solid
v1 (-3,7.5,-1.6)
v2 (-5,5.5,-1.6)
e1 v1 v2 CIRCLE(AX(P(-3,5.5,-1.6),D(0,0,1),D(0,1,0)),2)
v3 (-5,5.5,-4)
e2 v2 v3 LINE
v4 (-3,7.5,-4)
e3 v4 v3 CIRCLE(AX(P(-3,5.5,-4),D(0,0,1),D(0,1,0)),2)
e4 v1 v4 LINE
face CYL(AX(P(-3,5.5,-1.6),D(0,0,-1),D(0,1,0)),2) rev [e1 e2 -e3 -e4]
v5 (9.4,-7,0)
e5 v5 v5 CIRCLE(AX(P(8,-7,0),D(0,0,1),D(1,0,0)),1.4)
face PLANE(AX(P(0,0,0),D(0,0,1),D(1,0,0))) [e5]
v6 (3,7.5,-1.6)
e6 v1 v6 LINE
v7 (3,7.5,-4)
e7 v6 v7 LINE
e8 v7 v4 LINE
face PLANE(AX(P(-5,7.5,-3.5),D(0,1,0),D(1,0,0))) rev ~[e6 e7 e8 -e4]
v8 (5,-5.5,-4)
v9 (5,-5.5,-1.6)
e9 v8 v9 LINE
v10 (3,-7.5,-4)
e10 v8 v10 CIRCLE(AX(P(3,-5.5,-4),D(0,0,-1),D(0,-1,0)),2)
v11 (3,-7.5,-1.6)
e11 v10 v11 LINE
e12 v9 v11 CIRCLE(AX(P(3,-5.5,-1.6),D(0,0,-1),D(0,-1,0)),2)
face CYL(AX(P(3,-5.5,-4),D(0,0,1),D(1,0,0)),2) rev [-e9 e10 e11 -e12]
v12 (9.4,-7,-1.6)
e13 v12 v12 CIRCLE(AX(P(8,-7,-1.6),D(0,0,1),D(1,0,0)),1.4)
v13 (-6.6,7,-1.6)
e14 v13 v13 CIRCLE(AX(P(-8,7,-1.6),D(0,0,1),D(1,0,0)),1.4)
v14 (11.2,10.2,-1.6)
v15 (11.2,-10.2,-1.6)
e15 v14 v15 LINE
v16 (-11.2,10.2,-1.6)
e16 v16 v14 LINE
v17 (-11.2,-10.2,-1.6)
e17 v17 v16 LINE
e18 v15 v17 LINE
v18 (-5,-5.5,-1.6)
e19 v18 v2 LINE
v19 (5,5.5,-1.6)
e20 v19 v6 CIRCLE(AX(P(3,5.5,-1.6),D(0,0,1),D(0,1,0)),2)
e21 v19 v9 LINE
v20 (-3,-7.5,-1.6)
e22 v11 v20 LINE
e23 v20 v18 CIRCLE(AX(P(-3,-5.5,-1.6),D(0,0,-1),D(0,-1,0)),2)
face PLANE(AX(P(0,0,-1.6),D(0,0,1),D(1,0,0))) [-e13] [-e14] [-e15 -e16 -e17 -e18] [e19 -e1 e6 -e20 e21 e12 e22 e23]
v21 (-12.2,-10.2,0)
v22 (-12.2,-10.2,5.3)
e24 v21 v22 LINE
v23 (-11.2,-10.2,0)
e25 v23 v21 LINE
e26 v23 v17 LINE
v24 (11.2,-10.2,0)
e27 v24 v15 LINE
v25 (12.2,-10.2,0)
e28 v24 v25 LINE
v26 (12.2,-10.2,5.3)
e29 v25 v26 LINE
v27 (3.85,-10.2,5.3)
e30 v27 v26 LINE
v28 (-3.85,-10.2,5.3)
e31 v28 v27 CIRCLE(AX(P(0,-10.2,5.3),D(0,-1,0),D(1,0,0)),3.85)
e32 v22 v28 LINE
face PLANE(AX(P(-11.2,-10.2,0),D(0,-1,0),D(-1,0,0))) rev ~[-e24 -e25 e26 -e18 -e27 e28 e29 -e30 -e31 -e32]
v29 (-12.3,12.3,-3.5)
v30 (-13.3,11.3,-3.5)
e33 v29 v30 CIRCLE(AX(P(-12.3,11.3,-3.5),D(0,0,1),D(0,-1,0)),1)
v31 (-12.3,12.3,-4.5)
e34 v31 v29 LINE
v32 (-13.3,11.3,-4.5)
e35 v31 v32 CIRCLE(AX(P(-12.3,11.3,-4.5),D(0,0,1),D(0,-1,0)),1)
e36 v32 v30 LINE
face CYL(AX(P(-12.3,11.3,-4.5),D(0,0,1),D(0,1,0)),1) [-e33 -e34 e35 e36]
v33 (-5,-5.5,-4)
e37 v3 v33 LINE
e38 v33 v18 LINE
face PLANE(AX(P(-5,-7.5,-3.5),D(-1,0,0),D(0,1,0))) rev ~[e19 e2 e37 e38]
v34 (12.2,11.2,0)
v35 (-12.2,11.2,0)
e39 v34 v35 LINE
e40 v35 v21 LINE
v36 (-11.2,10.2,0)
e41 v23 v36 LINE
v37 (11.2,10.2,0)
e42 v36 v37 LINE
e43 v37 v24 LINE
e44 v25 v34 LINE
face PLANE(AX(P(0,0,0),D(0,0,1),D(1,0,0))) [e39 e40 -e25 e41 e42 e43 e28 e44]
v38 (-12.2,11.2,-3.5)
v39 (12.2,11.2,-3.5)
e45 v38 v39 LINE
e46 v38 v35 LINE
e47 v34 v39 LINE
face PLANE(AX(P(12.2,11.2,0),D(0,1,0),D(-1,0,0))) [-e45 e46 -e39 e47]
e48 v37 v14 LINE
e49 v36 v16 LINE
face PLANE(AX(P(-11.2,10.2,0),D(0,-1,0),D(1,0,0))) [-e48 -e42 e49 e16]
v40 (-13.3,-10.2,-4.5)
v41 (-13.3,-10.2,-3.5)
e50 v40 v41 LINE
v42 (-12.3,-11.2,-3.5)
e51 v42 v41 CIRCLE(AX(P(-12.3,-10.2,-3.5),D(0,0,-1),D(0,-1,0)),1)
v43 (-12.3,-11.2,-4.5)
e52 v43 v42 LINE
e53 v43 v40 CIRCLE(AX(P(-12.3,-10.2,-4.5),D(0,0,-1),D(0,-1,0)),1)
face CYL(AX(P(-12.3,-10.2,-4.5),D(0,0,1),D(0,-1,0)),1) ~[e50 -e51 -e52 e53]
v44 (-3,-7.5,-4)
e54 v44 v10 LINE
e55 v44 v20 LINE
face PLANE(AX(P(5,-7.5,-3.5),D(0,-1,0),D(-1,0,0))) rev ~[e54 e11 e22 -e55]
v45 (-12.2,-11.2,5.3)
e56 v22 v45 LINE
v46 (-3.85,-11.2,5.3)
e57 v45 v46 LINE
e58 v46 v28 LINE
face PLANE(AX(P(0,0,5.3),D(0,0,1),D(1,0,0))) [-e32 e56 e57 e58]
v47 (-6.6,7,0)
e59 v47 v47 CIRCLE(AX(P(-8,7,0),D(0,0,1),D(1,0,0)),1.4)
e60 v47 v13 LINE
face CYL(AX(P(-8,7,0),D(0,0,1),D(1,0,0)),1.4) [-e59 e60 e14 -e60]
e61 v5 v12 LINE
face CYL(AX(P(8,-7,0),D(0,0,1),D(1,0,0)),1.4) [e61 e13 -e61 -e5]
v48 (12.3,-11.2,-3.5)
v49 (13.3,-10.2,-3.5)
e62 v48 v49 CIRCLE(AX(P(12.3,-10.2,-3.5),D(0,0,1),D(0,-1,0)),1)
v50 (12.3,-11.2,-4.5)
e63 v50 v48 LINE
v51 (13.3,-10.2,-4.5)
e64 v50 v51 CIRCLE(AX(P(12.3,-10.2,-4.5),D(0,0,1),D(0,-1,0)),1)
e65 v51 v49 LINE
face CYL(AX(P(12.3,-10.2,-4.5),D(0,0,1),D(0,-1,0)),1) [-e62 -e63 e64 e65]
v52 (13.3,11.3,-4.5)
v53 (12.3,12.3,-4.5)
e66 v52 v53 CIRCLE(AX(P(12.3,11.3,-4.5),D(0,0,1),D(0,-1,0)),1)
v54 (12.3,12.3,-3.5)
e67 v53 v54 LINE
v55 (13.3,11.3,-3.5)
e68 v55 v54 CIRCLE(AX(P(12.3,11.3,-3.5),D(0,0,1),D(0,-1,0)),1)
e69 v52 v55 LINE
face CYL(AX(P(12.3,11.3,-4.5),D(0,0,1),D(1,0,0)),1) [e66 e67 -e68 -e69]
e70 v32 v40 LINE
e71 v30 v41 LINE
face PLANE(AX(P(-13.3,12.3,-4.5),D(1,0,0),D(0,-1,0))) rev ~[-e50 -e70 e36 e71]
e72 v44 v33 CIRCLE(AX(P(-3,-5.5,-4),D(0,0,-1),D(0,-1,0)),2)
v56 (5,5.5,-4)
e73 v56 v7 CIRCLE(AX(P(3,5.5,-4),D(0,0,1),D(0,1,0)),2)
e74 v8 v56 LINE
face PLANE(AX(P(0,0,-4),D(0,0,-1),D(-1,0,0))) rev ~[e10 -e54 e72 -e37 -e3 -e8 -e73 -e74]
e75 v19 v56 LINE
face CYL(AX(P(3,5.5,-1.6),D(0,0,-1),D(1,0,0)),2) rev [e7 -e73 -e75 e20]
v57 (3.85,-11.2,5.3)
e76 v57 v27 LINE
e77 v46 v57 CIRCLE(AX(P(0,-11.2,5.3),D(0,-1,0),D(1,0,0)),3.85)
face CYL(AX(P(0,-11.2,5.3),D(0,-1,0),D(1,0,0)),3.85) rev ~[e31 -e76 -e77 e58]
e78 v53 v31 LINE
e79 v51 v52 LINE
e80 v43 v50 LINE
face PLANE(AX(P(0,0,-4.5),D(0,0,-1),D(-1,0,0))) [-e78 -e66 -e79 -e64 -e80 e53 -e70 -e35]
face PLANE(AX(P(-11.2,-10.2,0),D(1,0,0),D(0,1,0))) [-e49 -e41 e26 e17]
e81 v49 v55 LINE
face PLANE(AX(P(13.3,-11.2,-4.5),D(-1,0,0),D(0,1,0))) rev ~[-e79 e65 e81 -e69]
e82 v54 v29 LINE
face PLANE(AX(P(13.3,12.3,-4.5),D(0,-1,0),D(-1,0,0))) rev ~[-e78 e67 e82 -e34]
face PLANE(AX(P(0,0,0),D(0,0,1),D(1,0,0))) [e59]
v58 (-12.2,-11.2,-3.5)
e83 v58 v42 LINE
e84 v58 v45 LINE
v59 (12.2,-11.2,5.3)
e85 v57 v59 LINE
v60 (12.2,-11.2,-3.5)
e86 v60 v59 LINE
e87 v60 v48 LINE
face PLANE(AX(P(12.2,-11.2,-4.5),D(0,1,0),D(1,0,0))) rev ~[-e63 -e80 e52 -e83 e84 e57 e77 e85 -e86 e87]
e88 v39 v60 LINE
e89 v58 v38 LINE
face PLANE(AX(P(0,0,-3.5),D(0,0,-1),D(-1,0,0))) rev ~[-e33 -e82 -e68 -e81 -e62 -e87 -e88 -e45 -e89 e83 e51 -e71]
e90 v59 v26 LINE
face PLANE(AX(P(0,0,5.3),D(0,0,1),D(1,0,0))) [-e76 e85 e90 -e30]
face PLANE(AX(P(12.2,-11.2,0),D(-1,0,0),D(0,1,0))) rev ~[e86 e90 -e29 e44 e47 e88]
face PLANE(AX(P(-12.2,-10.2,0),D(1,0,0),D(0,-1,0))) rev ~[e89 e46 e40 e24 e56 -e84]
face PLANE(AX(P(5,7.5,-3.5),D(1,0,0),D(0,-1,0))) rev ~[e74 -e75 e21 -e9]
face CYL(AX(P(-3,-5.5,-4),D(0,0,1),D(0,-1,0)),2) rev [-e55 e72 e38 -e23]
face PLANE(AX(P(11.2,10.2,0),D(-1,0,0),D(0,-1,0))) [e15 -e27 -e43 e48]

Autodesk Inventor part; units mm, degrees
ref_plane "YZ Plane" through (0, 0, 0) normal (1, 0, 0) x (0, 1, 0)
ref_plane "XZ Plane" through (0, 0, 0) normal (0, 1, 0) x (-1, 0, 0)
ref_plane "XY Plane" through (0, 0, 0) normal (0, 0, 1) x (1, 0, 0)
sketch "Sketch1" plane through (0, 0, 0) normal (0, 0, 1) x (1, 0, 0)
  circle A0 centre (8, -7) radius 1.6 projected
  circle A1 centre (-8, 7) radius 1.6 projected
  circle A2 centre (-2.5, 4.7) radius 0.8 projected
  circle A3 centre (2.5001, 4.7) radius 0.8 projected
  line L0 (-11, 10) -> (-11, -10) projected
  line L1 (-11, -10) -> (11, -10) projected
  line L2 (11, -10) -> (11, 10) projected
  line L3 (11, 10) -> (-11, 10) projected
  line L4 (-11.2, -10.2) -> (-11.2, 10.2)
  line L5 (-11.2, 10.2) -> (11.2, 10.2)
  line L6 (11.2, 10.2) -> (11.2, -10.2)
  line L7 (11.2, -10.2) -> (-11.2, -10.2)
  circle A4 centre (-8, 7) radius 1.4
  circle A5 centre (8, -7) radius 1.4
  line L8 (-12.2, 11.2) -> (-12.2, -11.2)
  line L9 (-12.2, -11.2) -> (12.2, -11.2)
  line L10 (12.2, -11.2) -> (12.2, 11.2)
  line L11 (12.2, 11.2) -> (-12.2, 11.2)
  circle A6 centre (2.54, -5.9) radius 0.4 projected
  circle A7 centre (-2.54, -5.9) radius 0.4 projected
  circle A8 centre (0, -5.9) radius 0.4 projected
  circle A9 centre (3.5, -7.425) radius 0.5 projected
  circle A10 centre (-3.5, -7.425) radius 0.5 projected
  circle A11 centre (0.6, -3.225) radius 0.3 projected
  circle A12 centre (0.6, -4.425) radius 0.3 projected
  circle A13 centre (-0.6, -3.225) radius 0.3 projected
  circle A14 centre (-0.6, -4.425) radius 0.3 projected
  point P0 (0, 0)
  dimension "d6" = 15
  dimension "d7" = 10
  dimension "d0" = 0.2
  dimension "d1" = 0.2
  dimension "d2" = 0.2
  dimension "d3" = 1
extrude "Extrusion1" add sketch "Sketch1" against normal blind 4 contours A4 | A5 | L11 L10 L9 L8
sketch "Sketch2" plane through (0, 0, -4) normal (0, 0, -1) x (-1, 0, 0)
  line L0 (-12.2, -11.2) -> (12.2, -11.2) projected
  line L1 (12.2, -11.2) -> (12.2, 11.2) projected
  line L2 (12.2, 11.2) -> (-12.2, 11.2) projected
  line L3 (-12.2, 11.2) -> (-12.2, -11.2) projected
  line L4 (11.2, 10.2) -> (11.2, -10.2) projected
  line L5 (11.2, -10.2) -> (-11.2, -10.2) projected
  line L6 (-11.2, -10.2) -> (-11.2, 10.2) projected
  line L7 (-11.2, 10.2) -> (11.2, 10.2) projected
  line L8 (5, -7.5) -> (-5, -7.5)
  line L9 (-5, -7.5) -> (-5, 7.5)
  line L10 (-5, 7.5) -> (5, 7.5)
  line L11 (5, 7.5) -> (5, -7.5)
  point P0 (0, 0)
  point P1 (-5, 0)
  point P2 (0, -7.5)
  point P3 (0, -11.2)
  dimension "d6" = 15
  dimension "d7" = 10
extrude "Extrusion2" add sketch "Sketch2" against normal blind 0.5 contours L4 L5 L6 L7
sketch "Sketch3" plane through (0, 0, -4) normal (0, 0, -1) x (-1, 0, 0)
  line L0 (5, -7.5) -> (-5, -7.5) projected
  line L1 (-5, -7.5) -> (-5, 7.5) projected
  line L2 (-5, 7.5) -> (5, 7.5) projected
  line L3 (5, 7.5) -> (5, -7.5) projected
  line L4 (-12.2, -11.2) -> (12.2, -11.2) projected
  line L5 (12.2, -11.2) -> (12.2, 11.2) projected
  line L6 (12.2, 11.2) -> (-12.2, 11.2) projected
  line L7 (-12.2, 11.2) -> (-12.2, -11.2) projected
  point P0 (0, 0)
extrude "Extrusion3" add sketch "Sketch3" along normal blind 0.5 contours L0 L1 L2 L3 | L7 L6 L5 L4
sketch "Sketch4" plane through (0, 0, 0) normal (0, 0, 1) x (1, 0, 0)
  line L0 (-12.2, -11.2) -> (12.2, -11.2) projected
  line L1 (12.2, -11.2) -> (12.2, 11.2) projected
  line L2 (12.2, 11.2) -> (-12.2, 11.2) projected
  line L3 (-12.2, 11.2) -> (-12.2, -11.2) projected
  line L4 (-11.2, -10.2) -> (-11.2, 10.2) projected
  line L5 (-11.2, 10.2) -> (11.2, 10.2) projected
  line L6 (11.2, 10.2) -> (11.2, -10.2) projected
  line L7 (11.2, -10.2) -> (-11.2, -10.2) projected
  line L8 (-11.2, -10.2) -> (-12.2, -10.2)
  line L9 (11.2, -10.2) -> (-11.2, -10.2) projected
  line L10 (11.2, -10.2) -> (12.2, -10.2)
  point P0 (0, 0)
extrude "Extrusion4" add sketch "Sketch4" along normal blind 5.3 contours L3 L8 L7 L10 L1 L0
sketch "Sketch5" plane through (-12.2, -11.2, -4.5) normal (0, -1, 0) x (1, 0, 0)
  line L0 (23.4, 9.8) -> (0, 9.8) projected
  circle A0 centre (12.2, 9.8) radius 3.85
  point P0 (12.2, 4.5)
  point P1 (8.35, 9.8)
  point P2 (16.05, 9.8)
  dimension "d14" = 7.7
extrude "Extrusion5" cut sketch "Sketch5" against normal blind 5.3 contours A0 L0 picked at (11.471, 8.7438)
sketch "Sketch6" plane through (0, 0, -4.5) normal (0, 0, -1) x (-1, 0, 0)
  line L0 (12.2, -11.2) -> (12.2, 11.2) projected
  line L1 (12.2, 11.2) -> (-12.2, 11.2) projected
  line L2 (-12.2, 11.2) -> (-12.2, -11.2) projected
  line L3 (-12.2, -11.2) -> (12.2, -11.2) projected
  line L4 (13.3, 12.3) -> (13.3, -12.3)
  line L5 (13.3, -12.3) -> (-13.3, -12.3)
  line L6 (-13.3, -12.3) -> (-13.3, 12.3)
  line L7 (-13.3, 12.3) -> (13.3, 12.3)
  line L8 (12.2, -11.2) -> (13.3, -11.2)
  line L9 (-12.2, -11.2) -> (-13.3, -11.2)
  point P0 (0, 0)
  dimension "d17" = 1.1
extrude "Extrusion6" add sketch "Sketch6" against normal blind 1 contours L0 L1 L2 L9 L6 L7 L4 L8
sketch "Sketch7" plane through (0, 0, -3.5) normal (0, 0, 1) x (1, 0, 0)
  circle A0 centre (8, -7) radius 1.4 projected
  circle A1 centre (-8, 7) radius 1.4 projected
  line L0 (11.2, 10.2) -> (11.2, -10.2) projected
  line L1 (-11.2, 10.2) -> (11.2, 10.2) projected
  line L2 (-11.2, -10.2) -> (-11.2, 10.2) projected
  line L3 (11.2, -10.2) -> (-11.2, -10.2) projected
  line L4 (5, -7.5) -> (-5, -7.5) projected
  line L5 (-5, -7.5) -> (-5, 7.5) projected
  line L6 (-5, 7.5) -> (5, 7.5) projected
  line L7 (5, 7.5) -> (5, -7.5) projected
  point P0 (0, 0)
extrude "Extrusion7" add sketch "Sketch7" along normal blind 1.9
fillet "Fillet1" radius 2 4 edges at (-5, 7.5, -2.8) (5, 7.5, -2.8) (-5, -7.5, -2.8) (5, -7.5, -2.8)
fillet "Fillet2" radius 1 4 edges at (13.3, 12.3, -4) (13.3, -11.2, -4) (-13.3, -11.2, -4) (-13.3, 12.3, -4)
properties part number "buttom cover"
